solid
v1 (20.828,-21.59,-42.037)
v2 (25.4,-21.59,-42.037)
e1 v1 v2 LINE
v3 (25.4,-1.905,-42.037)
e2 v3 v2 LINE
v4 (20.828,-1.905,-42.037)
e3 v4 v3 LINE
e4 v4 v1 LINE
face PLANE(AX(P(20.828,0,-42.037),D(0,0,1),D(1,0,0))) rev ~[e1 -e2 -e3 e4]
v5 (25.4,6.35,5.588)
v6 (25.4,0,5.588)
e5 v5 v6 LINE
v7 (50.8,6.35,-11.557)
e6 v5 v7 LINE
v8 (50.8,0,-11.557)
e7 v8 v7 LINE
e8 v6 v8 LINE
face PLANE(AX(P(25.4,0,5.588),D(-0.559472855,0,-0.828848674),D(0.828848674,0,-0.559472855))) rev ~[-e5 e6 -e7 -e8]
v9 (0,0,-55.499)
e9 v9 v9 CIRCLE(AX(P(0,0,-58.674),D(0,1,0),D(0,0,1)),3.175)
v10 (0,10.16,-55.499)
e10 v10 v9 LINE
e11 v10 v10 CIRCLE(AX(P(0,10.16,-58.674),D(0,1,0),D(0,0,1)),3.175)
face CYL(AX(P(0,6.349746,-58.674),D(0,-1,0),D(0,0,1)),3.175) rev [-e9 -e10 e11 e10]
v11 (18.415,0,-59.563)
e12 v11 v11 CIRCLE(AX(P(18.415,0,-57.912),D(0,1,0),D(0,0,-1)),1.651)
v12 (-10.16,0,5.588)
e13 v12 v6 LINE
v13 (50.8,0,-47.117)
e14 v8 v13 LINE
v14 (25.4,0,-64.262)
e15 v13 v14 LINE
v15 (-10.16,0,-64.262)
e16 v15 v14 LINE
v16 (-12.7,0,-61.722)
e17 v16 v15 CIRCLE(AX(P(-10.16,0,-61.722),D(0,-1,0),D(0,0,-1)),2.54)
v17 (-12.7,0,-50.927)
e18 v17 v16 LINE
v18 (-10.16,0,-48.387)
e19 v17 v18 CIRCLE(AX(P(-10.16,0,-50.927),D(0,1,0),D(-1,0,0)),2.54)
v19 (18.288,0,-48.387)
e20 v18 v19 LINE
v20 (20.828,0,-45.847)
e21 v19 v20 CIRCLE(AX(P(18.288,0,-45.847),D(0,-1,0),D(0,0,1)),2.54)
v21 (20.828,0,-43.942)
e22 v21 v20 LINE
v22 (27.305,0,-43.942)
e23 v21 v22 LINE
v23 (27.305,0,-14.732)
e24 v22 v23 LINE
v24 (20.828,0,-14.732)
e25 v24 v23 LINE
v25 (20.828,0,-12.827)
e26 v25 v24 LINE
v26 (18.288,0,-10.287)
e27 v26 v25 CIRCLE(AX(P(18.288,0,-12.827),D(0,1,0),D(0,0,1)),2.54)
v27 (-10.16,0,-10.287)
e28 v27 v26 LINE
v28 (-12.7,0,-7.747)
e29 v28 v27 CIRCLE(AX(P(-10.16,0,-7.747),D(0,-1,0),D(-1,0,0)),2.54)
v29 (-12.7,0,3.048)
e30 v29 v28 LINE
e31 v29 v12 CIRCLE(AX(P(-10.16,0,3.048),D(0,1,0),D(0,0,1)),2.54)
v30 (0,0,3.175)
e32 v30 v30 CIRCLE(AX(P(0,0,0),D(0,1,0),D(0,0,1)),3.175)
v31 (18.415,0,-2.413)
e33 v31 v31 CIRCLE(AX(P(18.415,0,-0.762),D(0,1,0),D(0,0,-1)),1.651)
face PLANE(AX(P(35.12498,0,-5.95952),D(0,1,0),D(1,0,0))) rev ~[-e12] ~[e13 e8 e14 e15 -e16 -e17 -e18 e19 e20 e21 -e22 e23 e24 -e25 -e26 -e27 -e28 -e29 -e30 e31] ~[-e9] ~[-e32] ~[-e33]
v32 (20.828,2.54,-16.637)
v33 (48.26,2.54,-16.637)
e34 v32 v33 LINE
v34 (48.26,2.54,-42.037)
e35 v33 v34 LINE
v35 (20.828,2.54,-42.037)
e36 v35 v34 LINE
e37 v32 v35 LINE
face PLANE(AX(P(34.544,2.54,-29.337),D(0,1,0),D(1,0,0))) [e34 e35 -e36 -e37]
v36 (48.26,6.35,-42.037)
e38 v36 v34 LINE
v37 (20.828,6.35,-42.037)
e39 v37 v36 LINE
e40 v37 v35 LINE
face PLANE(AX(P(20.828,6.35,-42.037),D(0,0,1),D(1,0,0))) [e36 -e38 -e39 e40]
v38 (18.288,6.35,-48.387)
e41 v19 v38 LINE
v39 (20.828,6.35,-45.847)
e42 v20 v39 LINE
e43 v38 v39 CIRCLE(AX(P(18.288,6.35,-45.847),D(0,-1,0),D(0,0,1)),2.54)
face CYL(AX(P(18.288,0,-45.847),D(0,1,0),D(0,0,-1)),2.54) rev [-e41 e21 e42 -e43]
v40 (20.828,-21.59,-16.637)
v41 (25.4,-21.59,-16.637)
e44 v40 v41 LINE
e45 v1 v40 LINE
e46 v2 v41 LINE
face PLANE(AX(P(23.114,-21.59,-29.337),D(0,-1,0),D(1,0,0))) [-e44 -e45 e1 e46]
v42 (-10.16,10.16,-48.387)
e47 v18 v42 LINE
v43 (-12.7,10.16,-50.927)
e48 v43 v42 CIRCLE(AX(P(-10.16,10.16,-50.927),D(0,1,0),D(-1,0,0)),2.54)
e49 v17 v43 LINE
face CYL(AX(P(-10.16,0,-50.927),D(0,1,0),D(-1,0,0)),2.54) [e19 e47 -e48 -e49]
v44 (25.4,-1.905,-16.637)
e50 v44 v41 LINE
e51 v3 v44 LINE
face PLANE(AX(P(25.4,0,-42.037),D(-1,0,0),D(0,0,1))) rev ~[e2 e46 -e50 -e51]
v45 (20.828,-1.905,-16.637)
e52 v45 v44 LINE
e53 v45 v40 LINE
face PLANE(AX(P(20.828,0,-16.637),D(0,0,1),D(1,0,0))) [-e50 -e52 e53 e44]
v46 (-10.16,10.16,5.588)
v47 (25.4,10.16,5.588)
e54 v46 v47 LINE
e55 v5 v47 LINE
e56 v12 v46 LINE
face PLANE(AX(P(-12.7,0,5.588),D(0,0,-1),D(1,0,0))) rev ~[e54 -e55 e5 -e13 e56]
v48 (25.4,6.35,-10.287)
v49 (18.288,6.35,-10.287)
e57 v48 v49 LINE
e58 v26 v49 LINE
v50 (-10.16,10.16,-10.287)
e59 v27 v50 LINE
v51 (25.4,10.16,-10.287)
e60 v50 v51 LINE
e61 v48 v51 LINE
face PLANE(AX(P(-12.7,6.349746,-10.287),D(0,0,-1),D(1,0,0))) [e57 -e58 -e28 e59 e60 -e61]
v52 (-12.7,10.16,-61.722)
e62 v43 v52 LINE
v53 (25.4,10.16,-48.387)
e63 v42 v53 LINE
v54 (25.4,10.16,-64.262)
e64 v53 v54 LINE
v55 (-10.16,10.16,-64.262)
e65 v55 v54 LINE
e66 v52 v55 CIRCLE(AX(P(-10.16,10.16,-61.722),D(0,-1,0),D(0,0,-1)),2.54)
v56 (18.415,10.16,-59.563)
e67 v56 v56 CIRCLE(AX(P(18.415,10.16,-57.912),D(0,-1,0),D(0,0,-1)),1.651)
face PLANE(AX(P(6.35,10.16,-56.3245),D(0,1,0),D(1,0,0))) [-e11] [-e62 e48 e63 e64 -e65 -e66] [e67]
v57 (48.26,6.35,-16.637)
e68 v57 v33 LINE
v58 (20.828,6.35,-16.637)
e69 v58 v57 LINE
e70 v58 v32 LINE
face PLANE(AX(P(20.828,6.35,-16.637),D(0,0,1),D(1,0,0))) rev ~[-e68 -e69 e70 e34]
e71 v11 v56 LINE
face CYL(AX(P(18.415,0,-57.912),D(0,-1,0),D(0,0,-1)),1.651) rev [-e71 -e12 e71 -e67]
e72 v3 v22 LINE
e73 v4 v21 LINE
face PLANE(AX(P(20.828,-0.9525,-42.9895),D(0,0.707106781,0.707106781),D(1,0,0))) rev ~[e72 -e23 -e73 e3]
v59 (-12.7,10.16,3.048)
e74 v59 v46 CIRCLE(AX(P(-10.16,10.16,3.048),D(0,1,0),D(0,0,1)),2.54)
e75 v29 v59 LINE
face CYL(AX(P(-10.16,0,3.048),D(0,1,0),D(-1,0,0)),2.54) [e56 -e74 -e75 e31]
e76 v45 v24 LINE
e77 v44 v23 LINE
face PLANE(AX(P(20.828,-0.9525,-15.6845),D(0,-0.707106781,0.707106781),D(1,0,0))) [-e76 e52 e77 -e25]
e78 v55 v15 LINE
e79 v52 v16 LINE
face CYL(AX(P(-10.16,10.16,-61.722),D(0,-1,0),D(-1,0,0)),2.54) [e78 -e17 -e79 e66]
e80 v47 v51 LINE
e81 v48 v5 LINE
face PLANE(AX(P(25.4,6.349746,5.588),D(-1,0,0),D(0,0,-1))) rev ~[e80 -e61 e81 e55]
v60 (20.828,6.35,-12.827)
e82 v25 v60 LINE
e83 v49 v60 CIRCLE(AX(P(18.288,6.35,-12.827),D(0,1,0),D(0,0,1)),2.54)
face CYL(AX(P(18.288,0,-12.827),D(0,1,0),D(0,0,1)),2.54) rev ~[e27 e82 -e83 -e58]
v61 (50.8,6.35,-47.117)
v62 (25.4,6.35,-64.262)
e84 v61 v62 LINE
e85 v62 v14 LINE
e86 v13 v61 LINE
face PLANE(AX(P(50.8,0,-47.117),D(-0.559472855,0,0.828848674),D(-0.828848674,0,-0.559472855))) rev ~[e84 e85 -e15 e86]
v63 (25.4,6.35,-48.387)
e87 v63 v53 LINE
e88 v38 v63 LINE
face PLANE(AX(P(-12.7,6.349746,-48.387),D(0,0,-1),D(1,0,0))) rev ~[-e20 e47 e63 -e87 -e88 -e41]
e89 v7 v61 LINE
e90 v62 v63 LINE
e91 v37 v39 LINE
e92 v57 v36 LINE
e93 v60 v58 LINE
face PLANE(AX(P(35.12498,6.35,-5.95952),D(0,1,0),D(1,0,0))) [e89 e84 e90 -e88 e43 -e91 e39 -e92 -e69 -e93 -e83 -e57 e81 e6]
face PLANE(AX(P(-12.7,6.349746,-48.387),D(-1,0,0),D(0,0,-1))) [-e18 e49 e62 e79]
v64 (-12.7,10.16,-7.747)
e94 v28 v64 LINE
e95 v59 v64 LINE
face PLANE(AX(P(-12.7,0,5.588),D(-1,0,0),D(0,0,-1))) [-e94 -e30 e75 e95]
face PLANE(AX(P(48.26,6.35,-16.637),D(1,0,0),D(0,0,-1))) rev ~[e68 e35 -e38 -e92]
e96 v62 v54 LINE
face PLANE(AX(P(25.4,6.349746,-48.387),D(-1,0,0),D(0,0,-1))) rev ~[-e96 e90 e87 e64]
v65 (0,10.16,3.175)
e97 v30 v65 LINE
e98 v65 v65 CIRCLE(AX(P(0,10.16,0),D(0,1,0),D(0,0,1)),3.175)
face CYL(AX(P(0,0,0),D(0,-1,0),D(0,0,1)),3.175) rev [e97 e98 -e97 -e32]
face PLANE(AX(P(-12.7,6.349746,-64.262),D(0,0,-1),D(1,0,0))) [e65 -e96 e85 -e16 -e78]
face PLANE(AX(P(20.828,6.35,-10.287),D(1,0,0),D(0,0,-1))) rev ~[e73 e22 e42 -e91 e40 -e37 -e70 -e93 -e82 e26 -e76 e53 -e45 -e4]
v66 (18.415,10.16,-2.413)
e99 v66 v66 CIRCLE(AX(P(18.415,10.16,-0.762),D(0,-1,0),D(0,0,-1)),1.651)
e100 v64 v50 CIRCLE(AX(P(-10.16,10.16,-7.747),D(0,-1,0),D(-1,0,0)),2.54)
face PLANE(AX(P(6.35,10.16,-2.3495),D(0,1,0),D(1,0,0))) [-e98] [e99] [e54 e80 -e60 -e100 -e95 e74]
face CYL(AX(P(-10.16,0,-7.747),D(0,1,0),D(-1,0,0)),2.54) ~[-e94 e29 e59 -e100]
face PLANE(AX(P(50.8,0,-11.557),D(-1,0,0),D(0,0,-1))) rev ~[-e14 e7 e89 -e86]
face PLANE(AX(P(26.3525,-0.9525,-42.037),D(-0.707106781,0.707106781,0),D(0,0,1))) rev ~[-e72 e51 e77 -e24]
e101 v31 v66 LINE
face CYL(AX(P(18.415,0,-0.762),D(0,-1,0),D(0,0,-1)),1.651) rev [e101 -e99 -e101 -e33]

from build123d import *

# Parameters (mm, degrees)
SKETCH1_W                = 38.1
SKETCH1_H                = 69.85
SKETCH1_R                = 3.175
SKETCH1_W_2              = 25.4
SKETCH1_H_2              = 35.56
BOSS_EXTRUDE1_DEPTH      = 6.35
SKETCH2_W                = 27.432
SKETCH2_H                = 25.4
CUT_EXTRUDE1_DEPTH       = 3.81
SKETCH3_W                = 33.528
SKETCH3_H                = 38.1
CUT_EXTRUDE2_DEPTH       = 83.161835082
SKETCH9_W                = 4.572
SKETCH9_H                = 25.4
BOSS_EXTRUDE5_DEPTH      = 21.59
BOSS_EXTRUDE6_DEPTH      = 3.81
BOSS_EXTRUDE6_DEPTH_BACK = 0.000254
SKETCH10_W               = 38.1
SKETCH10_H               = 15.875
SKETCH10_R               = 3.175
CUT_EXTRUDE4_DEPTH       = 88.853896578
CUT_EXTRUDE4_DEPTH_BACK  = 10.16
SKETCH11_R               = 1.651
FILLET4_R                = 2.54
CHAMFER3_SIZE            = 1.905


with BuildPart() as part:
    # Sketch1 → Boss-Extrude1 (new body)
    # profile 1 of 4: a face of its own
    with BuildSketch(Plane(origin=(0, 0, 0), x_dir=(1, 0, 0), z_dir=(0, 1, 0))):
        with Locations((6.35, 29.337)):
            Rectangle(SKETCH1_W, SKETCH1_H)
        with Locations(Location((0, 58.674, 0), (0, 0, 270))):
            Circle(SKETCH1_R, mode=Mode.SUBTRACT)
        with Locations(Location((0, 0, 0), (0, 0, 270))):
            Circle(SKETCH1_R, mode=Mode.SUBTRACT)
    # profile 2 of 4: a face of its own
    with BuildSketch(Plane(origin=(0, 0, 0), x_dir=(1, 0, 0), z_dir=(0, 1, 0))):
        Polygon((25.4, 47.117), (50.8, 47.117), (25.4, 64.262), align=None)
    # profile 3 of 4: a face of its own
    with BuildSketch(Plane(origin=(0, 0, 0), x_dir=(1, 0, 0), z_dir=(0, 1, 0))):
        with Locations((38.1, 29.337)):
            Rectangle(SKETCH1_W_2, SKETCH1_H_2)
    # profile 4 of 4: a face of its own
    with BuildSketch(Plane(origin=(0, 0, 0), x_dir=(1, 0, 0), z_dir=(0, 1, 0))):
        Polygon((25.4, -5.588), (50.8, 11.557), (25.4, 11.557), align=None)
    extrude(amount=BOSS_EXTRUDE1_DEPTH)

    # Sketch2 → Cut-Extrude1 (cut)
    with BuildSketch(Plane(origin=(0, 6.35, 0), x_dir=(1, 0, 0), z_dir=(0, 1, 0))):
        with Locations((34.544, 29.337)):
            Rectangle(SKETCH2_W, SKETCH2_H)
    extrude(amount=-CUT_EXTRUDE1_DEPTH, mode=Mode.SUBTRACT)

    # Sketch3 → Cut-Extrude2 (cut, through all)
    with BuildSketch(Plane(origin=(0, 6.35, 0), x_dir=(1, 0, 0), z_dir=(0, 1, 0))):
        with Locations((4.064, 29.337)):
            Rectangle(SKETCH3_W, SKETCH3_H)
    extrude(amount=-CUT_EXTRUDE2_DEPTH, mode=Mode.SUBTRACT)

    # Sketch9 → Boss-Extrude5 (add)
    with BuildSketch(Plane.XZ):
        with Locations((23.114, -29.337)):
            Rectangle(SKETCH9_W, SKETCH9_H)
    extrude(amount=BOSS_EXTRUDE5_DEPTH)

    # Sketch10 → Boss-Extrude6 (add, two sides: drawn at the far end of the back side and taken through both)
    # profile 1 of 2: a face of its own
    with BuildSketch(Plane(origin=(0, 6.35, 0), x_dir=(1, 0, 0), z_dir=(0, 1, 0)).offset(-BOSS_EXTRUDE6_DEPTH_BACK)):
        with Locations((6.35, 56.3245)):
            Rectangle(SKETCH10_W, SKETCH10_H)
        with Locations(Location((0, 58.674, 0), (0, 0, 270))):
            Circle(SKETCH10_R, mode=Mode.SUBTRACT)
    # profile 2 of 2: a face of its own
    with BuildSketch(Plane(origin=(0, 6.35, 0), x_dir=(1, 0, 0), z_dir=(0, 1, 0)).offset(-BOSS_EXTRUDE6_DEPTH_BACK)):
        with Locations((6.35, 2.3495)):
            Rectangle(SKETCH10_W, SKETCH10_H)
        with Locations(Location((0, 0, 0), (0, 0, 270))):
            Circle(SKETCH10_R, mode=Mode.SUBTRACT)
    extrude(amount=BOSS_EXTRUDE6_DEPTH + BOSS_EXTRUDE6_DEPTH_BACK)

    # Sketch11 → Cut-Extrude4 (cut, two sides: drawn at the far end of the back side and taken through both)
    with BuildSketch(Plane(origin=(0, 10.16, 0), x_dir=(1, 0, 0), z_dir=(0, 1, 0)).offset(-CUT_EXTRUDE4_DEPTH_BACK)):
        with Locations(Location((18.415, 57.912, 0), (0, 0, 90))):
            Circle(SKETCH11_R)
        with Locations(Location((18.415, 0.762, 0), (0, 0, 90))):
            Circle(SKETCH11_R)
    extrude(amount=CUT_EXTRUDE4_DEPTH + CUT_EXTRUDE4_DEPTH_BACK, mode=Mode.SUBTRACT)

    # Fillet4
    fillet4_edges = [part.edges().sort_by_distance(p)[0] for p in [
        (-12.7, 5.08, 5.588),
        (-12.7, 5.08, -64.262),
        (20.828, 3.175, -48.387),
        (-12.7, 5.08, -10.287),
        (-12.7, 5.08, -48.387),
        (20.828, 3.175, -10.287),
    ]]
    fillet(fillet4_edges, radius=FILLET4_R)

    # Chamfer3
    chamfer3_edges = [part.edges().sort_by_distance(p)[0] for p in [
        (23.114, 0, -42.037),
        (25.4, 0, -29.337),
        (23.114, 0, -16.637),
    ]]
    chamfer(chamfer3_edges, length=CHAMFER3_SIZE)


solid = part.part
